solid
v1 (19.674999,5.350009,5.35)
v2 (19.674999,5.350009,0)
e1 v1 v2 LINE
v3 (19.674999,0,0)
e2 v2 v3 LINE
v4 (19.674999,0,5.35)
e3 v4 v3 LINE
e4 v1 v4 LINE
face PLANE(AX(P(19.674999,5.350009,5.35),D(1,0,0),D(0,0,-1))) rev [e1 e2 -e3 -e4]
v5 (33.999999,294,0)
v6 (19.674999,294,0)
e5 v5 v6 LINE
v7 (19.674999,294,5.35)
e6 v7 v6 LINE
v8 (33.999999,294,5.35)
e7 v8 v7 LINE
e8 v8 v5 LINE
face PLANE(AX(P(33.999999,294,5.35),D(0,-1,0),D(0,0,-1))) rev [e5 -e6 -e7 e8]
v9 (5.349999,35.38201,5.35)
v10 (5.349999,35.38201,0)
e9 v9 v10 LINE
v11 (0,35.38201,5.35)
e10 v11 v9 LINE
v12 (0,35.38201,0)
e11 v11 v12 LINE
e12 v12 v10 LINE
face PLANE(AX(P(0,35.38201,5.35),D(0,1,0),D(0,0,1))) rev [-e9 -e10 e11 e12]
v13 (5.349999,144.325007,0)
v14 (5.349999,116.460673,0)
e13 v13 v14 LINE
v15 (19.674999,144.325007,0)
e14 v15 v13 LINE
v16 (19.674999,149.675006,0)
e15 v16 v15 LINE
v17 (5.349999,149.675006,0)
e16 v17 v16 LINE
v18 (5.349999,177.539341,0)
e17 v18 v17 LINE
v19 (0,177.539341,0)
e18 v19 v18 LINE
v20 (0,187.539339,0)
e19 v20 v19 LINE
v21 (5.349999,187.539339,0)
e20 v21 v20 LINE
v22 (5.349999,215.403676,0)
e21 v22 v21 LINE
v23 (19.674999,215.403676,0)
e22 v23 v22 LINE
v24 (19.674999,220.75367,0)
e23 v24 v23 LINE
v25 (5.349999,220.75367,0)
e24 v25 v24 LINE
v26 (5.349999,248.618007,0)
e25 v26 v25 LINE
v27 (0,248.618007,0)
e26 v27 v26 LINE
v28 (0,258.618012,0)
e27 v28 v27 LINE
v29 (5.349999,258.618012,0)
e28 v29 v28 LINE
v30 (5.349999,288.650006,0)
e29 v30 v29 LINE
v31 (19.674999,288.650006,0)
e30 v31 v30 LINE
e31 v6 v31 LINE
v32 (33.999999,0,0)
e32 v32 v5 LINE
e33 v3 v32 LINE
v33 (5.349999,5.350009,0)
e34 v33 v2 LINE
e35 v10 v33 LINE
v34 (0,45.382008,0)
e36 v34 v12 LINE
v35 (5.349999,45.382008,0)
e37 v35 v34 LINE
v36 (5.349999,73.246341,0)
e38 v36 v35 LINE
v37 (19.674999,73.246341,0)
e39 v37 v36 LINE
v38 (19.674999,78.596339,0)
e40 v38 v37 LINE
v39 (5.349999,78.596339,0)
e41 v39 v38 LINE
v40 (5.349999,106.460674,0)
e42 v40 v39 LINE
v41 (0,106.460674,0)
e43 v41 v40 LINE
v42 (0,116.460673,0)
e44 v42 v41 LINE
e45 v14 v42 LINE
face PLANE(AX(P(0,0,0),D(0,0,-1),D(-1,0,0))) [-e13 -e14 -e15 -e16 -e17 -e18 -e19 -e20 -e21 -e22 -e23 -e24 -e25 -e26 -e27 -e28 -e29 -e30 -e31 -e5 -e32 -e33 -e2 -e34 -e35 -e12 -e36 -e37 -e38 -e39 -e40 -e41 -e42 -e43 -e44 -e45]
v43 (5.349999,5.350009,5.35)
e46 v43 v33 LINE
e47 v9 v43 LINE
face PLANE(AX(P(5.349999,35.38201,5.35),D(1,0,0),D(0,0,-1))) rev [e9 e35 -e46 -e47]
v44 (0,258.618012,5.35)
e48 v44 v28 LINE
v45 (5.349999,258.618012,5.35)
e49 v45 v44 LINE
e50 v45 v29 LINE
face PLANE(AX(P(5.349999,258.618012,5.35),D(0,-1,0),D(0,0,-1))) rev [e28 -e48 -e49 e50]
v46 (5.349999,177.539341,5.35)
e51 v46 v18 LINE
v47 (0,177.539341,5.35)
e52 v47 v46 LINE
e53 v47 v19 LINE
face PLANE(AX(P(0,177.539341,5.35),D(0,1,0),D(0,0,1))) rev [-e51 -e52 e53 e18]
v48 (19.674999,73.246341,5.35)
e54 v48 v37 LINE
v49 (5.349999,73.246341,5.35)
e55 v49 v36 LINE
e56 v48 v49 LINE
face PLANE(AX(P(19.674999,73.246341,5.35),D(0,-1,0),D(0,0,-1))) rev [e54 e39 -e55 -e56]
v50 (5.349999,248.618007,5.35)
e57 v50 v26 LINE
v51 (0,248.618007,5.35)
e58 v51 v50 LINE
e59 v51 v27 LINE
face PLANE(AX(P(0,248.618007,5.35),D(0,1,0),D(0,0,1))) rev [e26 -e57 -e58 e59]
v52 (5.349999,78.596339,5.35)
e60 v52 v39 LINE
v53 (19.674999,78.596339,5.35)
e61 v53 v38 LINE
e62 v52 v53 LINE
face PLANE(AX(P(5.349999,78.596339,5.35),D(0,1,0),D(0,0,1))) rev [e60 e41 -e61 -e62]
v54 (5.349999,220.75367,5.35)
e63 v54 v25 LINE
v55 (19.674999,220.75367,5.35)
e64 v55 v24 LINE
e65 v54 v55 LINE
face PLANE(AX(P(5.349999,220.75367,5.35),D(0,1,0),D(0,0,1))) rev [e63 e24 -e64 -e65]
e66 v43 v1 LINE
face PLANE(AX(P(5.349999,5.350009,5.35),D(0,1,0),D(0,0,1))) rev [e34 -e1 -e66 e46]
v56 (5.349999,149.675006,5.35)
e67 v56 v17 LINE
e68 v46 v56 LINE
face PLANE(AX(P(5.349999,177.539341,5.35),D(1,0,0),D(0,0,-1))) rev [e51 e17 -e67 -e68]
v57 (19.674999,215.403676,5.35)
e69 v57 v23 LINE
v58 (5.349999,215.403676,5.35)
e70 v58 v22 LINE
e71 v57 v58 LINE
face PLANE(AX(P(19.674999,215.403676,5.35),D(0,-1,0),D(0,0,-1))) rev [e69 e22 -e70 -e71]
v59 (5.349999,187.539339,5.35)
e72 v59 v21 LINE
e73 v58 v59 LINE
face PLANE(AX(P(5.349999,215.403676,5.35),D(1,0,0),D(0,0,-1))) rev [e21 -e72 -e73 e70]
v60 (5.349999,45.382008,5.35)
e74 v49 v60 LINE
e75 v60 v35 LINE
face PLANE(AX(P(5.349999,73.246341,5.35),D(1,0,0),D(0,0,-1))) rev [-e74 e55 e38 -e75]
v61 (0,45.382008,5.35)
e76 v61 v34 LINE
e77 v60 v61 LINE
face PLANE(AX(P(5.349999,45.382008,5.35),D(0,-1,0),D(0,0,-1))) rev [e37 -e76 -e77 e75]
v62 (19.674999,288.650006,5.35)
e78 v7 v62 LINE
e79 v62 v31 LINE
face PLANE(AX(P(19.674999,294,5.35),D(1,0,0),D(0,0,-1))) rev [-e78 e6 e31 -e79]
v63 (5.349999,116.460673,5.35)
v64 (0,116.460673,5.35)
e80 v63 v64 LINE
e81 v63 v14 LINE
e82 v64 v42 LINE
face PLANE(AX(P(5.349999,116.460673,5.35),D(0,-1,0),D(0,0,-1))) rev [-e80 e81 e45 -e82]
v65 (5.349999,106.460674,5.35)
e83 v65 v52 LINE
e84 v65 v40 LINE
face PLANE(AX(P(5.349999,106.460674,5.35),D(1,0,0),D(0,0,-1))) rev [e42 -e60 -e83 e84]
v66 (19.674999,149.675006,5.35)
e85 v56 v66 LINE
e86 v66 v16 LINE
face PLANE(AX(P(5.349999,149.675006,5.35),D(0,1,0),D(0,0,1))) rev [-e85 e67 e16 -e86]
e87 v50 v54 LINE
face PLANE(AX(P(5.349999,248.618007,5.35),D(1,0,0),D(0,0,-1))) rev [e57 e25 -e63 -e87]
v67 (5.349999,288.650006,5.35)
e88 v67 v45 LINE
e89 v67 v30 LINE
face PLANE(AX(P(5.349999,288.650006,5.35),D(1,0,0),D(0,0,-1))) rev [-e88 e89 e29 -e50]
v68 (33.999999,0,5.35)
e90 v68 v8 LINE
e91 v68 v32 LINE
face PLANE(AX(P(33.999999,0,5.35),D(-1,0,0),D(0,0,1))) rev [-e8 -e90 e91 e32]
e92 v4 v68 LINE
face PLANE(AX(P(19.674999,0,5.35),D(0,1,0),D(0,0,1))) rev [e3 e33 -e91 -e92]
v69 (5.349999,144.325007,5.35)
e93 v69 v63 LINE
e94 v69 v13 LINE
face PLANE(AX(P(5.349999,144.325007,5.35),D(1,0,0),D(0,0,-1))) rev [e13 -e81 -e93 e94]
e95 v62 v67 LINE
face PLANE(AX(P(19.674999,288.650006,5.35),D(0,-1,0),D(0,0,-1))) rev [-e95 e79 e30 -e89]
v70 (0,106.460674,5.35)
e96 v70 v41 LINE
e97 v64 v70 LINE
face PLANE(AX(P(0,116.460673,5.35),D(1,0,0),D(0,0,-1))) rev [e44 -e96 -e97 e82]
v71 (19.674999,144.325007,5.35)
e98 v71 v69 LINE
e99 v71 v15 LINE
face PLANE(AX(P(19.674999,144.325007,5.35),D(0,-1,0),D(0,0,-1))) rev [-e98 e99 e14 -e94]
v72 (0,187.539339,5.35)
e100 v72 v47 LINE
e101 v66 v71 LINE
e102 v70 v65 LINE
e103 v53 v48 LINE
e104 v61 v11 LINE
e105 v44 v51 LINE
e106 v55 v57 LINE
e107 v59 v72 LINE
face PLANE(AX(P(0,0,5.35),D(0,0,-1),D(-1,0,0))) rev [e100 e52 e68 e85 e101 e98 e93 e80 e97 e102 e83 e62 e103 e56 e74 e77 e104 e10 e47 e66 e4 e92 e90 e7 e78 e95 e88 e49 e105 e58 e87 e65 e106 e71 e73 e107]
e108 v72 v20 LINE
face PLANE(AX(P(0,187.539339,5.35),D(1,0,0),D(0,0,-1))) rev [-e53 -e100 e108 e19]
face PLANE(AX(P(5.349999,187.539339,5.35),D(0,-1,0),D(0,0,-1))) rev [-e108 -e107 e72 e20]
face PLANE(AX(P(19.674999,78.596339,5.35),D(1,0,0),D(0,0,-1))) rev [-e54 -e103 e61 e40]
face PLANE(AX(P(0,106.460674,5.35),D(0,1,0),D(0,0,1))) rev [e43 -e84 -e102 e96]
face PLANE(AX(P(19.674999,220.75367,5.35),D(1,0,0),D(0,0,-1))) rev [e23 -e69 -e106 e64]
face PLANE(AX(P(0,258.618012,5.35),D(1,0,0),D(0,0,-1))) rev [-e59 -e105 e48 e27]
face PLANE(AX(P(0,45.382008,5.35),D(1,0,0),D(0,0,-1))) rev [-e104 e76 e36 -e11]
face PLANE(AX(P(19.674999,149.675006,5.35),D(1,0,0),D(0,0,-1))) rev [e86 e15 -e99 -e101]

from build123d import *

# Parameters (mm, degrees)
BOSS_EXTRUDE1_DEPTH = 5.35


with BuildPart() as part:
    # Model → Boss-Extrude1 (new body)
    with BuildSketch(Plane.XY):
        Polygon((19.674999232, 5.350008607), (19.674999232, 0), (33.999999054, 0), (33.999999054, 293.999999762), (19.674999232, 293.999999762), (19.674999232, 288.650006056), (5.349999294, 288.650006056), (5.349999294, 258.618012071), (0, 258.618012071), (0, 248.618006706), (5.349999294, 248.618006706), (5.349999294, 220.753669739), (19.674999232, 220.753669739), (19.674999232, 215.403676033), (5.349999294, 215.403676033), (5.349999294, 187.539339066), (0, 187.539339066), (0, 177.539341152), (5.349999294, 177.539341152), (5.349999294, 149.675006047), (19.674999232, 149.675006047), (19.674999232, 144.325006753), (5.349999294, 144.325006753), (5.349999294, 116.46067258), (0, 116.46067258), (0, 106.460673735), (5.349999294, 106.460673735), (5.349999294, 78.59633863), (19.674999232, 78.59633863), (19.674999232, 73.246341199), (5.349999294, 73.246341199), (5.349999294, 45.382007957), (0, 45.382007957), (0, 35.382010043), (5.349999294, 35.382010043), (5.349999294, 5.350008607), align=None)
    extrude(amount=BOSS_EXTRUDE1_DEPTH)


solid = part.part
